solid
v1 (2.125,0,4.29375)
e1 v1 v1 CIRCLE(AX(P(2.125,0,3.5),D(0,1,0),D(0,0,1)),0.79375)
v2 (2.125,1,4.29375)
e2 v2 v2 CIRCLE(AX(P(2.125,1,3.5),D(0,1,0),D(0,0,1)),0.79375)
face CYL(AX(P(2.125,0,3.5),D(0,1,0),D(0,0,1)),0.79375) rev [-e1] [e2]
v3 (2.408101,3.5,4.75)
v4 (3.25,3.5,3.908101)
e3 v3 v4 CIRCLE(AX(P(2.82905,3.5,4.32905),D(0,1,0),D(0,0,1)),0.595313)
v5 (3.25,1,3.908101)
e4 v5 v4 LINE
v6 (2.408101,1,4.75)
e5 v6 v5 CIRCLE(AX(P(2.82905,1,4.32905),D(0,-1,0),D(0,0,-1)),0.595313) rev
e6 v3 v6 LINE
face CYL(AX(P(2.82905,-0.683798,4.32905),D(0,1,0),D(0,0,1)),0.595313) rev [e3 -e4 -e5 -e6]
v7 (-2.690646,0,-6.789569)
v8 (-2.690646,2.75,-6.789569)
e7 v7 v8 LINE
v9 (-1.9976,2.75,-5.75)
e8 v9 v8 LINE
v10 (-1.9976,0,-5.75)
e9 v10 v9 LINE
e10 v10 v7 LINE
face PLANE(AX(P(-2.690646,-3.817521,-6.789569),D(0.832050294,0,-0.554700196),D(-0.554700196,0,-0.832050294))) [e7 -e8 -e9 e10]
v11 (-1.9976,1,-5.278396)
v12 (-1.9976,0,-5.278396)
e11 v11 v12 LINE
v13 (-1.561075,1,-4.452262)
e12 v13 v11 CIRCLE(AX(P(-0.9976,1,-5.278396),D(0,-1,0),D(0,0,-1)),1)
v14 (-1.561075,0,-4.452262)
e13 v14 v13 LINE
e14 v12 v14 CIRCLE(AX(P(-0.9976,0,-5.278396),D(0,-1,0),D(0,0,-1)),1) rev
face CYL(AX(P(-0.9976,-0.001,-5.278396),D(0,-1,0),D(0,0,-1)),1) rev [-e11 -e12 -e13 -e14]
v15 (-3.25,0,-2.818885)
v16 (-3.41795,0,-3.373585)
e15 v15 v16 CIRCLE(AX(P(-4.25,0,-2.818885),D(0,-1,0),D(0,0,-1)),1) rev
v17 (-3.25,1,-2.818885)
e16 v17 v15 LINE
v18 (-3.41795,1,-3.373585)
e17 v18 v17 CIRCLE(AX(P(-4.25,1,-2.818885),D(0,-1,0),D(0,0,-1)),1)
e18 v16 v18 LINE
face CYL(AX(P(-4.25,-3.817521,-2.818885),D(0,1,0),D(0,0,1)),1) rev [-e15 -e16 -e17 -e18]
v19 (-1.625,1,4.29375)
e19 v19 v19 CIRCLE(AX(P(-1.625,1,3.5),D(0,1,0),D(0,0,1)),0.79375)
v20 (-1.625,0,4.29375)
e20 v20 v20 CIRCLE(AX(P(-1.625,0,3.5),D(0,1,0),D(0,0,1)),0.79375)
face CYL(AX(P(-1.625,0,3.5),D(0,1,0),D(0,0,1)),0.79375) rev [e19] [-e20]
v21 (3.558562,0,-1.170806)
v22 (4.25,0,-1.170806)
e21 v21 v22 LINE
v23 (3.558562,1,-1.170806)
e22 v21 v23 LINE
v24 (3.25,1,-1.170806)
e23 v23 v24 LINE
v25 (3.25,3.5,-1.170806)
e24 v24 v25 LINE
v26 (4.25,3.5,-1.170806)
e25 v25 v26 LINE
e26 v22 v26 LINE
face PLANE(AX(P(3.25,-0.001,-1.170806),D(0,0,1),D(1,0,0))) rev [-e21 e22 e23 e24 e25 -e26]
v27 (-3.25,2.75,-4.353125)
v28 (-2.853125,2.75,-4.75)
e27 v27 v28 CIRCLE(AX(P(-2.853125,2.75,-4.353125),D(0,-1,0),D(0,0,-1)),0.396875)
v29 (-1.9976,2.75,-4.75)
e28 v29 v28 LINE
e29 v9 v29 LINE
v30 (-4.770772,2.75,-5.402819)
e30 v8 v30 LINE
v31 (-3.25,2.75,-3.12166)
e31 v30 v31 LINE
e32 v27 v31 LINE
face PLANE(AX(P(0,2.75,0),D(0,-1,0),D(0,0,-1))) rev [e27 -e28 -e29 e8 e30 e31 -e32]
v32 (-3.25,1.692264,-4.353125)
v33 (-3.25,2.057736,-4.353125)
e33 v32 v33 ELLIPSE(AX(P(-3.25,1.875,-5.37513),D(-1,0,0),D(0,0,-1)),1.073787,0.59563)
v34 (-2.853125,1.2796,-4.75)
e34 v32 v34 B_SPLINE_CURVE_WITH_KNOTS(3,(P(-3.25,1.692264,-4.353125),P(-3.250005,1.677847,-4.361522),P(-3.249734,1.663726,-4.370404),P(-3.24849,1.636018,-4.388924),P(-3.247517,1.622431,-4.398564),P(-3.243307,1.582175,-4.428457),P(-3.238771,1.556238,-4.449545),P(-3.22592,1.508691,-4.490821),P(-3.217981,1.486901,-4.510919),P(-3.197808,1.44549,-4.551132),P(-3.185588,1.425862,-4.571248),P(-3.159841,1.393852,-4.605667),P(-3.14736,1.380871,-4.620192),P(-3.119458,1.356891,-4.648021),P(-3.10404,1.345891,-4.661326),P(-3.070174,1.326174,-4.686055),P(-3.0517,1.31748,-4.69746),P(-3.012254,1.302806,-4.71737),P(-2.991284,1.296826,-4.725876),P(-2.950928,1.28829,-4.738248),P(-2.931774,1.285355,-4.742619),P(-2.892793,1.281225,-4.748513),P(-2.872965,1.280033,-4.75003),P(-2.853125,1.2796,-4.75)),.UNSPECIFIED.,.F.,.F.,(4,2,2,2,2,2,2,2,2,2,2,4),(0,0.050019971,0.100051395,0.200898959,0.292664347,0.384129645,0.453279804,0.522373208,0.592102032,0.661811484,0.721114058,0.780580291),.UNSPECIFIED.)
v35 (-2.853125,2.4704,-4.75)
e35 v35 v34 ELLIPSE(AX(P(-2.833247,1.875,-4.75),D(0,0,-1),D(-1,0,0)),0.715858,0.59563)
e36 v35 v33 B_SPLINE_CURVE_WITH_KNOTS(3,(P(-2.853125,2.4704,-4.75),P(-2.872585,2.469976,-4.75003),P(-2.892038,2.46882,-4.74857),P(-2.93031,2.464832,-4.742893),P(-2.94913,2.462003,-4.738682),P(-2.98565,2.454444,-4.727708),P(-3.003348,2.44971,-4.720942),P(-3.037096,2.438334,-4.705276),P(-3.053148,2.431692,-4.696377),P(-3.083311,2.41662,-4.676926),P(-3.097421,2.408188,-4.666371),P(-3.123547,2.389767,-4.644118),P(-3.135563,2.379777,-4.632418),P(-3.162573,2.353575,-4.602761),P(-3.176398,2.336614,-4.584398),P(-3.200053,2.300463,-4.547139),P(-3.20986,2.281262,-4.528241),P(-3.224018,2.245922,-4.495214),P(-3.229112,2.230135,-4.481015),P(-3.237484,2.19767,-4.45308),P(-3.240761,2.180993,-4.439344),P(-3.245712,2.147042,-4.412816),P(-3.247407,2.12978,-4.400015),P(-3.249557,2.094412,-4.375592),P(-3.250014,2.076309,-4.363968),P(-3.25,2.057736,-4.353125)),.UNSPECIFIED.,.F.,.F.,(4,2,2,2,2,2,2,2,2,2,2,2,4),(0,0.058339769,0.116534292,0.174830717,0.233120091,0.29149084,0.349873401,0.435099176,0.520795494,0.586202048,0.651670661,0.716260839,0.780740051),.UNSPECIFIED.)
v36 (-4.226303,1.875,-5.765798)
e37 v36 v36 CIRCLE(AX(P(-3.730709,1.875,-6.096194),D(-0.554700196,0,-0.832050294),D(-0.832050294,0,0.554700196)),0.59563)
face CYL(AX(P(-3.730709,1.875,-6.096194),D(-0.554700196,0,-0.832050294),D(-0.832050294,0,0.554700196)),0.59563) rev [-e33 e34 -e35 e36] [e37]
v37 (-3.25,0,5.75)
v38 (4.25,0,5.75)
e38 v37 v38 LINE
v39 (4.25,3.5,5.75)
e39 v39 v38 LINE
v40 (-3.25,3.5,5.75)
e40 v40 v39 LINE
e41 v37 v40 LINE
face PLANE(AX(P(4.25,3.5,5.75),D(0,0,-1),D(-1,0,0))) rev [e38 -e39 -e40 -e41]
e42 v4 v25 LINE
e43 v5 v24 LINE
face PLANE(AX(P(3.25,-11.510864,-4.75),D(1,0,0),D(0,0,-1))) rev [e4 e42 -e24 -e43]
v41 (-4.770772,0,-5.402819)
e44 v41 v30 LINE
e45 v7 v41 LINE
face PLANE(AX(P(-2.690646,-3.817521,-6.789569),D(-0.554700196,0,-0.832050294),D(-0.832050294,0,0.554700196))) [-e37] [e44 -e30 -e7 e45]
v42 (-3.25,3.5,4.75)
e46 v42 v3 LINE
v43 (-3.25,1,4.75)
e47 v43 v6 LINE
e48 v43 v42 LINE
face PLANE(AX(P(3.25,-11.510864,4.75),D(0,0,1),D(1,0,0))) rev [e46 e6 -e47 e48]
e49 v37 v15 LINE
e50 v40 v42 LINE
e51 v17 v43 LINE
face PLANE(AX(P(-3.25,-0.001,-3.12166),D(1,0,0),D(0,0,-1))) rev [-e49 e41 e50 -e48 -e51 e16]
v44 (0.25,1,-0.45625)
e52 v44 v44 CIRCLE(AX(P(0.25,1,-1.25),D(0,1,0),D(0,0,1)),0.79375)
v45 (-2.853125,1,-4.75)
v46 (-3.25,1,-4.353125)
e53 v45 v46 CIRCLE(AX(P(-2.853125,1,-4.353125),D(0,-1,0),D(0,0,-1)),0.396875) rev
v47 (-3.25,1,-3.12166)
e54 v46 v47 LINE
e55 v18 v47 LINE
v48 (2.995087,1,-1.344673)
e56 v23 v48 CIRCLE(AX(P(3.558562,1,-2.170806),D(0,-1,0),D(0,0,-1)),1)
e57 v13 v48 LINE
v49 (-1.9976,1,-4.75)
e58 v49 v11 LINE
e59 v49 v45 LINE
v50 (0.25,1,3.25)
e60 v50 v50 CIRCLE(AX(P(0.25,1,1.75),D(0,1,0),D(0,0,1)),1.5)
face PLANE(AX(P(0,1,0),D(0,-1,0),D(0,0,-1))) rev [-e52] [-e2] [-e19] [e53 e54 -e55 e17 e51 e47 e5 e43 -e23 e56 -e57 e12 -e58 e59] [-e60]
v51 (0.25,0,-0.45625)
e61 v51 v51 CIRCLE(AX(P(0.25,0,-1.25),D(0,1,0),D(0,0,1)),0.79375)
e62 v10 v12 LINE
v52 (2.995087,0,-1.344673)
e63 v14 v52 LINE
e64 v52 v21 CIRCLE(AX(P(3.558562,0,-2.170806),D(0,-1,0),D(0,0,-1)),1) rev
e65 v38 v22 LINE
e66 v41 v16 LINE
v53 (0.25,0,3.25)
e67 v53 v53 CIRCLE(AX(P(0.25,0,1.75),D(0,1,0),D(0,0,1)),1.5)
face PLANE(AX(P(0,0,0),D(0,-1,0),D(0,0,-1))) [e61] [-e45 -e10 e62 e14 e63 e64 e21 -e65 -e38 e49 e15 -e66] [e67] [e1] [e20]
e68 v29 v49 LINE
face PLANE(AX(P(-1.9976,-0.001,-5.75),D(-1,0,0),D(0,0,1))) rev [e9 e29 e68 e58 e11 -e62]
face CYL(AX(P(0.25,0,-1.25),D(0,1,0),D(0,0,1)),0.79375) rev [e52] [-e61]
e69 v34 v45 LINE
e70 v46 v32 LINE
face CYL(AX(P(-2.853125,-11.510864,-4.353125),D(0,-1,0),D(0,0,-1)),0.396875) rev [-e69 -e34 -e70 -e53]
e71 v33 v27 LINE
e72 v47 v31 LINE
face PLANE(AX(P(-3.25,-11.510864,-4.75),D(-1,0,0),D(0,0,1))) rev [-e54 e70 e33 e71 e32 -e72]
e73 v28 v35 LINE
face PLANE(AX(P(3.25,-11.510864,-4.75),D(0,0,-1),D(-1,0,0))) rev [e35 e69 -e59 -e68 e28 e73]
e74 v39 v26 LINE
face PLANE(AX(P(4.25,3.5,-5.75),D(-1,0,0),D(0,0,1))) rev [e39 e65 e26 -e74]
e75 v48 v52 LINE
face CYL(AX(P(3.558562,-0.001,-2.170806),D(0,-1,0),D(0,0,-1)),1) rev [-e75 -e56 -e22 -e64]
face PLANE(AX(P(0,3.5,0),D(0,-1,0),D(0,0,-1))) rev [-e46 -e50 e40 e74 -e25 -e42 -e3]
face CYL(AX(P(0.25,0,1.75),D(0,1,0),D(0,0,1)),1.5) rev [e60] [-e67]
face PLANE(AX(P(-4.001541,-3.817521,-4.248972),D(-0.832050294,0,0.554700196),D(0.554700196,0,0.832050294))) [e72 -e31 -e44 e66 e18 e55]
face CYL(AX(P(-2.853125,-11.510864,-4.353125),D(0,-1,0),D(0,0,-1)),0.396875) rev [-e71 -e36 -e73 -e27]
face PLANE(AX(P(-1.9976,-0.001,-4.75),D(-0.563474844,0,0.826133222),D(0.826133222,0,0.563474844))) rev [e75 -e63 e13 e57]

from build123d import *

# Parameters (mm, degrees)
SKETCH1_W                     = 8.5
SKETCH1_H                     = 11.5
BOSS_EXTRUDE1_DEPTH           = 3.5
SKETCH2_W                     = 6.5
SKETCH2_H                     = 9.5
CUT_EXTRUDE1_DEPTH            = 2.5
SKETCH3_R                     = 1.5
CUT_EXTRUDE2_DEPTH            = 8.574628704
SKETCH6_R                     = 0.5953125
CUT_EXTRUDE5_DEPTH            = 2.5
SKETCH7_R                     = 0.79375
CUT_EXTRUDE6_DEPTH            = 8.574628704
BOSS_EXTRUDE2_DEPTH           = 3.5
SKETCH14_W                    = 5.965258944
SKETCH14_H                    = 5.132960456
CUT_EXTRUDE8_DEPTH            = 0.75
TAP_DRILL_FOR_0_80_TAP1_D     = 1.19126
TAP_DRILL_FOR_0_80_TAP1_DEPTH = 7.11
TAP_DRILL_FOR_0_80_TAP1_TIP   = 0.357890611
CUT_EXTRUDE7_REACH            = 11.006
FILLET5_R                     = 1
FILLET6_R                     = 0.396875


with BuildPart() as part:
    # Sketch1 → Boss-Extrude1 (new body)
    with BuildSketch(Plane(origin=(0, 0, 0), x_dir=(1, 0, 0), z_dir=(0, 1, 0))):
        Rectangle(SKETCH1_W, SKETCH1_H)
    extrude(amount=BOSS_EXTRUDE1_DEPTH)

    # Sketch2 → Cut-Extrude1 (cut)
    with BuildSketch(Plane(origin=(0, 3.5, 0), x_dir=(1, 0, 0), z_dir=(0, 1, 0))):
        Rectangle(SKETCH2_W, SKETCH2_H)
    extrude(amount=-CUT_EXTRUDE1_DEPTH, mode=Mode.SUBTRACT)

    # Sketch3 → Cut-Extrude2 (cut, through all)
    with BuildSketch(Plane(origin=(0, 1, 0), x_dir=(1, 0, 0), z_dir=(0, 1, 0))):
        with Locations(Location((0.25, -1.75, 0), (0, 0, 270))):
            Circle(SKETCH3_R)
    extrude(amount=-CUT_EXTRUDE2_DEPTH, mode=Mode.SUBTRACT)

    # Sketch6 → Cut-Extrude5 (cut)
    with BuildSketch(Plane(origin=(0, 3.5, 0), x_dir=(1, 0, 0), z_dir=(0, 1, 0))):
        with Locations((2.829050494, -4.329050494)):
            Circle(SKETCH6_R)
    extrude(amount=-CUT_EXTRUDE5_DEPTH, mode=Mode.SUBTRACT)

    # Sketch7 → Cut-Extrude6 (cut, through all)
    with BuildSketch(Plane(origin=(0, 1, 0), x_dir=(1, 0, 0), z_dir=(0, 1, 0))):
        with Locations(Location((0.25, 1.25, 0), (0, 0, 270))):
            Circle(SKETCH7_R)
        with Locations(Location((-1.625, -3.5, 0), (0, 0, 270))):
            Circle(SKETCH7_R)
        with Locations(Location((2.125, -3.5, 0), (0, 0, 270))):
            Circle(SKETCH7_R)
    extrude(amount=-CUT_EXTRUDE6_DEPTH, mode=Mode.SUBTRACT)

    # Sketch9 → Boss-Extrude2 (add)
    with BuildSketch(Plane(origin=(0, 3.5, 0), x_dir=(1, 0, 0), z_dir=(0, 1, 0))):
        Polygon((-2.69064642, 6.789569053), (-4.770772156, 5.402818562), (-4.001541387, 4.248972409), (-3.411634369, 4.642243754), (-2.511322669, 5.242451554), (-1.921415651, 5.635722899), align=None)
    extrude(amount=-BOSS_EXTRUDE2_DEPTH)

    # Sketch14 → Cut-Extrude8 (cut)
    with BuildSketch(Plane(origin=(0, 3.5, 0), x_dir=(1, 0, 0), z_dir=(0, 1, 0))):
        with Locations((-3.25, 4.75)):
            Rectangle(SKETCH14_W, SKETCH14_H)
    extrude(amount=-CUT_EXTRUDE8_DEPTH, mode=Mode.SUBTRACT)

    # Tap Drill for #0-80 Tap1
    with Locations(Plane(origin=(-3.961538462, 0, -5.942307692), x_dir=(-0.8320502943378434, 0, 0.5547001962252295), z_dir=(-0.5547001962252295, 0, -0.8320502943378434))):
        with Locations((-0.27742214, 1.875)):
            Hole(TAP_DRILL_FOR_0_80_TAP1_D / 2, depth=TAP_DRILL_FOR_0_80_TAP1_DEPTH)
            with Locations((0, 0, -(TAP_DRILL_FOR_0_80_TAP1_DEPTH + TAP_DRILL_FOR_0_80_TAP1_TIP / 2))):  # 118° drill point
                Cone(0, TAP_DRILL_FOR_0_80_TAP1_D / 2, TAP_DRILL_FOR_0_80_TAP1_TIP, mode=Mode.SUBTRACT)

    # Sketch13 → Cut-Extrude7 (cut, up to next)
    with BuildSketch(Plane(origin=(0, 3.5, 0), x_dir=(1, 0, 0), z_dir=(0, 1, 0)), mode=Mode.PRIVATE) as cut_extrude7_sk1:
        Polygon((-1.997600385, 5.75), (-1.997600385, 4.75), (3.25, 1.170806318), (4.25, 1.170806318), (4.25, 5.75), align=None)
    cut_extrude7_tool1 = extrude(cut_extrude7_sk1.sketch, amount=-CUT_EXTRUDE7_REACH, mode=Mode.PRIVATE) & part.part
    # Sketch13 → Cut-Extrude7 (cut, up to next)
    with BuildSketch(Plane(origin=(0, 3.5, 0), x_dir=(1, 0, 0), z_dir=(0, 1, 0)), mode=Mode.PRIVATE) as cut_extrude7_sk2:
        Polygon((-4.25, 4.621660328), (-3.25, 3.121660328), (-3.25, -5.75), (-4.25, -5.75), align=None)
    cut_extrude7_tool2 = extrude(cut_extrude7_sk2.sketch, amount=-CUT_EXTRUDE7_REACH, mode=Mode.PRIVATE) & part.part
    add(cut_extrude7_tool1.solids().sort_by_distance((1.797917, 3.5, -3.996239))[0], mode=Mode.SUBTRACT)
    add(cut_extrude7_tool2.solids().sort_by_distance((-3.762992, 3.5, 0.929426))[0], mode=Mode.SUBTRACT)

    # Fillet5
    fillet5_edges = [part.edges().sort_by_distance(p)[0] for p in [
        (3.25, 0.5, -1.170806318),
        (-1.997600385, 0.5, -4.75),
        (-3.25, 0.5, -3.121660328),
    ]]
    fillet(fillet5_edges, radius=FILLET5_R)

    # Fillet6
    fillet6_edges = [part.edges().sort_by_distance(p)[0] for p in [
        (-3.25, 1.195357051, -4.75),
        (-3.25, 2.554642949, -4.75),
    ]]
    fillet(fillet6_edges, radius=FILLET6_R)


solid = part.part
